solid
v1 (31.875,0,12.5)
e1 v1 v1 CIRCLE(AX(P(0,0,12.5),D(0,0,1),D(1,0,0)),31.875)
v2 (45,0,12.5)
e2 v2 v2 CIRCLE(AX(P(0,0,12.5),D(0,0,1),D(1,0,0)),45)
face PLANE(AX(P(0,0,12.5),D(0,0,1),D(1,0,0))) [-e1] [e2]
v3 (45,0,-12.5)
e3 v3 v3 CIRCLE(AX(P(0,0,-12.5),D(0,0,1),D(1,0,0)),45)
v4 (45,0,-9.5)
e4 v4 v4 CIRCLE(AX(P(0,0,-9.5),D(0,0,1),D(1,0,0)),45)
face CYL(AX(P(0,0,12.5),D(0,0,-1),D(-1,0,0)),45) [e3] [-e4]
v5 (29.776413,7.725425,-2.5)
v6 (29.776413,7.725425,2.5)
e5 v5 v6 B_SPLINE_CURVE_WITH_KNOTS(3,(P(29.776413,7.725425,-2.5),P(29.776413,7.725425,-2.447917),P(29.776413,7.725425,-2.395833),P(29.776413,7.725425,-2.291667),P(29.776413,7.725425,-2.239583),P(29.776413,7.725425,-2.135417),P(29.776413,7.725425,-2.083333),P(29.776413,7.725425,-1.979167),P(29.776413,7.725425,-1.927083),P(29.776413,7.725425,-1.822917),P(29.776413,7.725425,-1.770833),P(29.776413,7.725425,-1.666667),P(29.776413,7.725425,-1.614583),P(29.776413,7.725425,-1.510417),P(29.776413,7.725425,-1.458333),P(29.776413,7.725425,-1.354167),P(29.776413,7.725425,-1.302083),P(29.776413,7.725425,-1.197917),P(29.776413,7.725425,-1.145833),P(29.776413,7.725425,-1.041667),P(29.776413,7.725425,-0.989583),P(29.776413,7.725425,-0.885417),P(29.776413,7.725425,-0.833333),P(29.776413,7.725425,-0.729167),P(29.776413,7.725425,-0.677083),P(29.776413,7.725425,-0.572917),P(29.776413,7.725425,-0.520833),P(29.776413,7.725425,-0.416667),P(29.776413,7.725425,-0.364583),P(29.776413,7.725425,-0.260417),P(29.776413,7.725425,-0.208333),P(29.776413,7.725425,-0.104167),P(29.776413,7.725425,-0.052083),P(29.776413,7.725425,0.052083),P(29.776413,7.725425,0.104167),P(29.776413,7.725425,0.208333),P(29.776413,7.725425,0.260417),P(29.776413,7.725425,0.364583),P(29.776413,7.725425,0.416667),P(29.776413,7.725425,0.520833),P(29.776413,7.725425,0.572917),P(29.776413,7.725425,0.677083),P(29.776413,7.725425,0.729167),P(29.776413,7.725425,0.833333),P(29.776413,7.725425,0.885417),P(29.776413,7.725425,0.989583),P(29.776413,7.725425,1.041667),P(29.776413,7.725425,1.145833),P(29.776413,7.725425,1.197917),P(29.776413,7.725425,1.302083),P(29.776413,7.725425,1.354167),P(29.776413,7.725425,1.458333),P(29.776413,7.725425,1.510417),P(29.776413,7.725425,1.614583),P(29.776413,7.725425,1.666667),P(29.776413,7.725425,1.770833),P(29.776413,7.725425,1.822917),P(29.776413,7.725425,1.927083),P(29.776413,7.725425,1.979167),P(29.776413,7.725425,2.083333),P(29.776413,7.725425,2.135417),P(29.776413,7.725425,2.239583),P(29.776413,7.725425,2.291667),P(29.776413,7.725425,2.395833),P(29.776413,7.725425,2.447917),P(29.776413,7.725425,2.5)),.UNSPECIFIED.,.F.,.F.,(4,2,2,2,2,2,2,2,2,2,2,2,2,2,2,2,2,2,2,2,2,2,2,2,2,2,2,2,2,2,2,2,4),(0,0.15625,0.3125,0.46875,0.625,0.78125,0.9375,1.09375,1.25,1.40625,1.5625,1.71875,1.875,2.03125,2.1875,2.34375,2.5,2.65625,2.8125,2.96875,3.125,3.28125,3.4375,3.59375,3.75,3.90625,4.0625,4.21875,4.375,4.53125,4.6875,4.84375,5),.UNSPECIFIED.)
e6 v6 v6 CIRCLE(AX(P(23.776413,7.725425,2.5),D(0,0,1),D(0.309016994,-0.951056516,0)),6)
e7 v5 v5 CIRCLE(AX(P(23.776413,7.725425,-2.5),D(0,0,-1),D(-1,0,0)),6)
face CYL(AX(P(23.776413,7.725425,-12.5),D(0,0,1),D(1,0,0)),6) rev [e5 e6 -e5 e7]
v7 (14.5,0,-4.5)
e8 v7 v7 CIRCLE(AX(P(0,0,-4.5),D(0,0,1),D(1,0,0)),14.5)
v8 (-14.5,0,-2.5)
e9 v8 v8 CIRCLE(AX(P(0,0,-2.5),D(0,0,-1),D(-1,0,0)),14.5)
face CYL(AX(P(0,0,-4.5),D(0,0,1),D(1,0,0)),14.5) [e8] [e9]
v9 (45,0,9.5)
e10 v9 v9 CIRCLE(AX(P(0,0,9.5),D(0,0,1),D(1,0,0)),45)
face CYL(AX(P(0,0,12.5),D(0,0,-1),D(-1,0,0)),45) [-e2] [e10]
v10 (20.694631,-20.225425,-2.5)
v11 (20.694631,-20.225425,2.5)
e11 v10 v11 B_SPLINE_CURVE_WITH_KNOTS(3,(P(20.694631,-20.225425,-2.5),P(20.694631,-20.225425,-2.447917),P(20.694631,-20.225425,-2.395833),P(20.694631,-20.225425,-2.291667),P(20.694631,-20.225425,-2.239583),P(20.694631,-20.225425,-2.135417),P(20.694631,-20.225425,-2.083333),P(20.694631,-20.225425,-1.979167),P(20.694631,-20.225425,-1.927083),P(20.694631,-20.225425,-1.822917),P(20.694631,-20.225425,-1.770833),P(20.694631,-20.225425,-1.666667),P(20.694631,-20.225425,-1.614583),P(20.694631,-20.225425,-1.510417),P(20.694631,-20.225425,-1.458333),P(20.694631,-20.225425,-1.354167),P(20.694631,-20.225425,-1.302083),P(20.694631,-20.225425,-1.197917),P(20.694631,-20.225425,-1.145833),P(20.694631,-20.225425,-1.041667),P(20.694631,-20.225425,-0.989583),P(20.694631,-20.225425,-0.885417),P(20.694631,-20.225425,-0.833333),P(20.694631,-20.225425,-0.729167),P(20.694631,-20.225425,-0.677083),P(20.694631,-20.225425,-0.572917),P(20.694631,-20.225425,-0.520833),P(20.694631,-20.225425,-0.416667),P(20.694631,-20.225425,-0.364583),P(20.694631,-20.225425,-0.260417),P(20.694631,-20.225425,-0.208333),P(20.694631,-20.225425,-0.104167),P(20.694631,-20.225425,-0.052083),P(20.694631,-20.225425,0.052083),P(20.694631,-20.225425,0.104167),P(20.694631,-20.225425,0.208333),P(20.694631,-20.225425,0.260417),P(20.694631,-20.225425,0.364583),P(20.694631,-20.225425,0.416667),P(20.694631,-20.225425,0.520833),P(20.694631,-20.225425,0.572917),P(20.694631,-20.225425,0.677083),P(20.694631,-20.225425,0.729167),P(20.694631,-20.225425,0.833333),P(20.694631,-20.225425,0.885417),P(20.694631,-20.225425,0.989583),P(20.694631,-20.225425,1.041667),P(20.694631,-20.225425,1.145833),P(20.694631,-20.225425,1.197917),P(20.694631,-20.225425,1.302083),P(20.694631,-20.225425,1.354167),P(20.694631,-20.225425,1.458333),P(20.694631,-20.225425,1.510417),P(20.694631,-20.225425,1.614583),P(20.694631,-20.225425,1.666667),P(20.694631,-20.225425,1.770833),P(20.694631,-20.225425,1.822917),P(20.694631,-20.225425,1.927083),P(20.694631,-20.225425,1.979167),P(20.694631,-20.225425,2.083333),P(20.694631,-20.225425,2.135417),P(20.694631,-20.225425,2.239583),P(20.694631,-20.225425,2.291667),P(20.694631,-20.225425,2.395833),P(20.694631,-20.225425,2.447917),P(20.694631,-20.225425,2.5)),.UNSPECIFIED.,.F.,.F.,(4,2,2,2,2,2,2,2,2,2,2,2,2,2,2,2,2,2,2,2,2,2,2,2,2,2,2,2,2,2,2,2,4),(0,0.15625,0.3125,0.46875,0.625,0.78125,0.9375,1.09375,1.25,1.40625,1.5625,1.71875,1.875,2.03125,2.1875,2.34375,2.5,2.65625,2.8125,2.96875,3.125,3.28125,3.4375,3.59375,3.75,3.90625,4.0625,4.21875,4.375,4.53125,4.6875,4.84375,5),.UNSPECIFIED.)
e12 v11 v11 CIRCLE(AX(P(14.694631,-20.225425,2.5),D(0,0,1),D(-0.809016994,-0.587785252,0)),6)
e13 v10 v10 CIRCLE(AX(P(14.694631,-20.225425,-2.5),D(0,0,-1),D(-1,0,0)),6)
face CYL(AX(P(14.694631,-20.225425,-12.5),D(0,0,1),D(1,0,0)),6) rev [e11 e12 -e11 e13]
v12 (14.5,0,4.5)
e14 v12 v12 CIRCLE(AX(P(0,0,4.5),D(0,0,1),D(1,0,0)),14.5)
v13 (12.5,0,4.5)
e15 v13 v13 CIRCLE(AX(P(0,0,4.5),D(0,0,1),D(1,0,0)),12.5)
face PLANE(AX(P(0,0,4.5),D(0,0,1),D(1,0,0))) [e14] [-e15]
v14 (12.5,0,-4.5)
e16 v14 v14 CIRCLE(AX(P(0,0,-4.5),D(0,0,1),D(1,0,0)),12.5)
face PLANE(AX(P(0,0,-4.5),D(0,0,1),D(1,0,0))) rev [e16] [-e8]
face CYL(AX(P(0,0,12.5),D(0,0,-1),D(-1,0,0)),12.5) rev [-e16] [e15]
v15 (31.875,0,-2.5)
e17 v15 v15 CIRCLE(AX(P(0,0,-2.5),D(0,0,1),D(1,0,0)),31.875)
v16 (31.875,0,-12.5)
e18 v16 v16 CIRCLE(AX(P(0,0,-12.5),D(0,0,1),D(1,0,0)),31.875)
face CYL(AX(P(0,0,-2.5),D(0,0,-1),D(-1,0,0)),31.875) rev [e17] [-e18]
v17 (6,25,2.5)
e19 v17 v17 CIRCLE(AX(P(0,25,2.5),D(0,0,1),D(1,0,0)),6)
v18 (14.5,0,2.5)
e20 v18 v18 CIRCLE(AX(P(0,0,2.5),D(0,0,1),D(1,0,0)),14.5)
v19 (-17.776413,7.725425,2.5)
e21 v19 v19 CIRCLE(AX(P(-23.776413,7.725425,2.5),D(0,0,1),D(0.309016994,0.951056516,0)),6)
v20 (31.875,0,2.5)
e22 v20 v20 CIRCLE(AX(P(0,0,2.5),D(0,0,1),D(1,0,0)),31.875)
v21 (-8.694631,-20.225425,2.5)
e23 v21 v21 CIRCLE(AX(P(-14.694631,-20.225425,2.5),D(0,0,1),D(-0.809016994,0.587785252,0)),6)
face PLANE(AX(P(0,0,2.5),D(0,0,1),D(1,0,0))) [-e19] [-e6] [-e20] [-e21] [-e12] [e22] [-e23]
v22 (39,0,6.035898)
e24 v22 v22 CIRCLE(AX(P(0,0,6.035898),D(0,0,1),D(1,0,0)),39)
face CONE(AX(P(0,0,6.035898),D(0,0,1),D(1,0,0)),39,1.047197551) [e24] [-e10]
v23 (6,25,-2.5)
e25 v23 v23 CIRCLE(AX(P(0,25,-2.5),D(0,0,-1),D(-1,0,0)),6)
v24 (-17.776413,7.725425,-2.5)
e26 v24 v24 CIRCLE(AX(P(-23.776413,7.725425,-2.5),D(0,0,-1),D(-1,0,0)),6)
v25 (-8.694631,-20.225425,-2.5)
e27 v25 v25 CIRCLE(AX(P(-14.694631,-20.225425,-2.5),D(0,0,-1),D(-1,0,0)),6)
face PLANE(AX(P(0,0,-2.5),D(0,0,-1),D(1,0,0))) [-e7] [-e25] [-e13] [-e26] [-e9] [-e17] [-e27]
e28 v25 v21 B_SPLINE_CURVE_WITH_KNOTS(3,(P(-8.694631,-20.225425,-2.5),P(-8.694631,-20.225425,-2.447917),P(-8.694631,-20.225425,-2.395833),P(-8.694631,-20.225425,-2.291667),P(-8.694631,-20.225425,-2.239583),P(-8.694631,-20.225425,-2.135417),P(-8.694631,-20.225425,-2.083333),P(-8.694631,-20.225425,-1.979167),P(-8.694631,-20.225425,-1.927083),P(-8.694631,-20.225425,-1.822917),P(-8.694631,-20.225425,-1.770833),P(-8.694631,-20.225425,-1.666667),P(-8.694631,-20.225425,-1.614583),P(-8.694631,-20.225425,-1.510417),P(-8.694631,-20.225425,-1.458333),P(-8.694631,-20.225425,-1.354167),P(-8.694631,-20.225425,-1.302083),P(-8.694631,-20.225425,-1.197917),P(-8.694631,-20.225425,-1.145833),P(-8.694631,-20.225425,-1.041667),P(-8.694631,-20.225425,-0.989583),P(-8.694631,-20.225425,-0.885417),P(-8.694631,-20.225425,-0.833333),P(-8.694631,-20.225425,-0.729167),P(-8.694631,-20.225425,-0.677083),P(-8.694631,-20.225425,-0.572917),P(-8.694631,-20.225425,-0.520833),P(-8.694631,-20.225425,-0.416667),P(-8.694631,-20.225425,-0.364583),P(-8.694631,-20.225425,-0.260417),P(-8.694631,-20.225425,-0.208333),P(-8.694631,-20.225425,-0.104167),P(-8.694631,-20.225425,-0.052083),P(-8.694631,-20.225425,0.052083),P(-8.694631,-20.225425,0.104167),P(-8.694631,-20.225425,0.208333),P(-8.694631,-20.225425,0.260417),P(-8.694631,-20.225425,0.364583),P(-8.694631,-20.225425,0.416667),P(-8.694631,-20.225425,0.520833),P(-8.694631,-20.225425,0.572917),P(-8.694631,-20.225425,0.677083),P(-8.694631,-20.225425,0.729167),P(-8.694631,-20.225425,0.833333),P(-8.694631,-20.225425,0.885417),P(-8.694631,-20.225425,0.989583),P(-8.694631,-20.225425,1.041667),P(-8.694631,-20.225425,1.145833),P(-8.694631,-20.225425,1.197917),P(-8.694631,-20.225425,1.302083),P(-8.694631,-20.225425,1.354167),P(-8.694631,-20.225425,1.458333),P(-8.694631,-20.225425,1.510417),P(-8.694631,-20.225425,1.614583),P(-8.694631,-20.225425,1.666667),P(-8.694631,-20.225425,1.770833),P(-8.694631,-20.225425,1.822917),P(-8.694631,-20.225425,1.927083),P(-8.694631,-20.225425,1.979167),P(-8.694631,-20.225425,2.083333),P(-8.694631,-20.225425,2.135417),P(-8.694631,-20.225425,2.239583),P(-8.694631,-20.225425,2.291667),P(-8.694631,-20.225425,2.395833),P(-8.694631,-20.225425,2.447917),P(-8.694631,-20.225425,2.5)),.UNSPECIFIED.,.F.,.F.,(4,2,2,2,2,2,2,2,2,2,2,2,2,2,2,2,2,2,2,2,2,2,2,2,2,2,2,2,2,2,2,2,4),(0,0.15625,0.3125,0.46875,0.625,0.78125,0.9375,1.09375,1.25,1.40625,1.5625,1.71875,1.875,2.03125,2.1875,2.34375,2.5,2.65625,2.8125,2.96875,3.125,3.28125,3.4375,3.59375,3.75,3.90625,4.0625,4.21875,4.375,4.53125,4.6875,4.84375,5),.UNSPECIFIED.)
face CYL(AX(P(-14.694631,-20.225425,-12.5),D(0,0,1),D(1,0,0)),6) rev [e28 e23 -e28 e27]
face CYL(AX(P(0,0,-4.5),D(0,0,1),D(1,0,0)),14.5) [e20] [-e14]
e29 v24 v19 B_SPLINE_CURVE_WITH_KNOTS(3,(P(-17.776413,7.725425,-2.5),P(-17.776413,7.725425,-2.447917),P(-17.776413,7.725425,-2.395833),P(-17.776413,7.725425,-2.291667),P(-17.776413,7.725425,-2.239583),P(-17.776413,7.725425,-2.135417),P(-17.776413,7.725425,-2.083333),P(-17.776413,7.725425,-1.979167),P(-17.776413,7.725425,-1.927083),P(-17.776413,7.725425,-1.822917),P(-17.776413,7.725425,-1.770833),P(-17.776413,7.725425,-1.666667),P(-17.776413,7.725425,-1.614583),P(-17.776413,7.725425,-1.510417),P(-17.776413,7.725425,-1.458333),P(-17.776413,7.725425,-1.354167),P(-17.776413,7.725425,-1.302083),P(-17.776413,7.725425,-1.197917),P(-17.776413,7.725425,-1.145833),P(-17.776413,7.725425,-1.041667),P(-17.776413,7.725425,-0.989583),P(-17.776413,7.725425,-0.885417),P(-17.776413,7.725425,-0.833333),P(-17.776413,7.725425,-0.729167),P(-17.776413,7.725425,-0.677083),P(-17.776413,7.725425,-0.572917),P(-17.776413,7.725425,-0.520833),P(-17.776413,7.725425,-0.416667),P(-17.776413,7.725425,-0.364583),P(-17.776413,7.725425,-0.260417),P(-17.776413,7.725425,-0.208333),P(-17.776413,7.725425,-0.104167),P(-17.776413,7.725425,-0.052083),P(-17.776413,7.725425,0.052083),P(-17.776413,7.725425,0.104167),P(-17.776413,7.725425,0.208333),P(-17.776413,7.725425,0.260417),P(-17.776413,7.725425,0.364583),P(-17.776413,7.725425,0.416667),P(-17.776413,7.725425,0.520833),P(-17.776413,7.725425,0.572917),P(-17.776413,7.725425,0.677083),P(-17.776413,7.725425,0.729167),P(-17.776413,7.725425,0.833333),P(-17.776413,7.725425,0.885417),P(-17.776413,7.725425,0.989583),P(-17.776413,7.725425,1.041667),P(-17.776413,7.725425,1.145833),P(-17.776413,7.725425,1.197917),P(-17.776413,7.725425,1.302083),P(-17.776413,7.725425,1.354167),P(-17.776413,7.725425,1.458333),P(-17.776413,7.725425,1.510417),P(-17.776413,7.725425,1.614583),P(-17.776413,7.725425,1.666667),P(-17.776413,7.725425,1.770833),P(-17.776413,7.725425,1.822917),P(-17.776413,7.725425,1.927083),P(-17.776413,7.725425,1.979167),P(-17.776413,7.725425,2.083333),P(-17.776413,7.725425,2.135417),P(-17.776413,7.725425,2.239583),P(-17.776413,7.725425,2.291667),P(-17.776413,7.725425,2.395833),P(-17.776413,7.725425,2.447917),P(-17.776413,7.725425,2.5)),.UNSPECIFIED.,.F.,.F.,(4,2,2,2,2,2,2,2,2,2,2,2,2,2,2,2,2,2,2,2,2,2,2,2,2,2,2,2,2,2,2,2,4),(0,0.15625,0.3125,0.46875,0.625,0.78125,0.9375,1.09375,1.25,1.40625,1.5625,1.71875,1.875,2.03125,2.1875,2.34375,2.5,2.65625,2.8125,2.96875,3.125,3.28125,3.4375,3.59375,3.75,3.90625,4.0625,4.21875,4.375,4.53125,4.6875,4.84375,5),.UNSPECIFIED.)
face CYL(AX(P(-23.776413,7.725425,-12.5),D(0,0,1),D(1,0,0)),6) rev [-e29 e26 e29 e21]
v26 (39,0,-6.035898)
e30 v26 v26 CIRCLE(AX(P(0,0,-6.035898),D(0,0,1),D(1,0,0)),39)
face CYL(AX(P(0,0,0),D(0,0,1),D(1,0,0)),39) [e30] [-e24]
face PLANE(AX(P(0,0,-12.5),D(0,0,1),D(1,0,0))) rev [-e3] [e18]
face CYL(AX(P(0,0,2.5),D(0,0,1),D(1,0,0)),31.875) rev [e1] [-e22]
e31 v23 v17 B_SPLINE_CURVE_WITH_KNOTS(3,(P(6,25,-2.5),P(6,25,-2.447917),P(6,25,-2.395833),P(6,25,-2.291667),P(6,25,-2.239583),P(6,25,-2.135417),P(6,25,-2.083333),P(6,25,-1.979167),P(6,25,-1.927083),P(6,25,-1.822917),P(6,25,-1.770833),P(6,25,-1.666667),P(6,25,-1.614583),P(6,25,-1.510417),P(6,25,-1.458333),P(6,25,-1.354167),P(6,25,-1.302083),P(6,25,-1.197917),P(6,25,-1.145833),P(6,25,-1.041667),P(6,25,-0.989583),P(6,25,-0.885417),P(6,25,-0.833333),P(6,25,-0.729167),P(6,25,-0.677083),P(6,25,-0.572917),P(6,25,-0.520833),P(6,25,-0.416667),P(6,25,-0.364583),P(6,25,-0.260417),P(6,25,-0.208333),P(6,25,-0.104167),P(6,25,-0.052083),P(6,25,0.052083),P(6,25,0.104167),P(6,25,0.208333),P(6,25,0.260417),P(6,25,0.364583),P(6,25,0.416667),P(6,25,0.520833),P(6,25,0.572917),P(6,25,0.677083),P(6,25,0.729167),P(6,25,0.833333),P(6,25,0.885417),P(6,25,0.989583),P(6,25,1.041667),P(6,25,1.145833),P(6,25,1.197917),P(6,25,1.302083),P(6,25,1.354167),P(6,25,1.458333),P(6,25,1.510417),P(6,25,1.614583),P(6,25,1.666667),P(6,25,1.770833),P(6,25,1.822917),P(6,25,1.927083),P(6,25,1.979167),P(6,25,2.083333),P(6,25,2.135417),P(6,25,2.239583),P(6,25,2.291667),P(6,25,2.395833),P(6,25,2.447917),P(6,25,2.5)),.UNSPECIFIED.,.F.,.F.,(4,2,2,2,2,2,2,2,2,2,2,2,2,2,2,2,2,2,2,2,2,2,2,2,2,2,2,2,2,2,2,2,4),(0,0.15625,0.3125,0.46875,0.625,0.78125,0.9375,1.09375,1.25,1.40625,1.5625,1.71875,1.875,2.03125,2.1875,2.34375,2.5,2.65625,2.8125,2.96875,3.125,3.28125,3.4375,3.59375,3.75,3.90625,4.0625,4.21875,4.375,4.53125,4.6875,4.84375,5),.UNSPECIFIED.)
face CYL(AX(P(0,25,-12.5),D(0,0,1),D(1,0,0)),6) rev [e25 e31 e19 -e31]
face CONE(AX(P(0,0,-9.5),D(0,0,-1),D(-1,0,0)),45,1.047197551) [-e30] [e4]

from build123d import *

# Parameters (mm, degrees)
SKETCH1_R                = 45
SKETCH1_R_2              = 12.5
BOSS_EXTRUDE1_DEPTH      = 12.5
SKETCH2_R                = 31.875
CUT_EXTRUDE1_DEPTH       = 10
SKETCH3_R                = 6
CUT_EXTRUDE2_DEPTH       = 66.383484153
CIRPATTERN1_COUNT        = 5
BOSS_EXTRUDE2_DEPTH      = 2
BOSS_EXTRUDE2_DEPTH_BACK = 7
SKETCH4_R                = 14.5
SKETCH4_R_2              = 12.5


with BuildPart() as part:
    # Sketch1 → Boss-Extrude1 (new, symmetric)
    with BuildSketch(Plane.XY):
        Circle(SKETCH1_R)
        Circle(SKETCH1_R_2, mode=Mode.SUBTRACT)
    extrude(amount=BOSS_EXTRUDE1_DEPTH, both=True)

    # Sketch2 → Cut-Extrude1 (cut)
    with BuildSketch(Plane.XY.offset(12.5)):
        Circle(SKETCH2_R)
    cut_extrude1 = extrude(amount=-CUT_EXTRUDE1_DEPTH, mode=Mode.SUBTRACT)

    # Mirror1: Cut-Extrude1 across plane
    add(cut_extrude1.mirror(Plane.XY), mode=Mode.SUBTRACT)

    # Sketch3 → Cut-Extrude2 (cut, through all)
    with BuildSketch(Plane.XY.offset(2.5)):
        with Locations((0, 25)):
            Circle(SKETCH3_R)
    cut_extrude2 = extrude(amount=-CUT_EXTRUDE2_DEPTH, mode=Mode.SUBTRACT)

    # CirPattern1: Cut-Extrude2 ×5 about axis
    cirpattern1_axis = Axis((0, 0, 0), (0, 0, 1))
    for i in range(1, CIRPATTERN1_COUNT):
        add(cut_extrude2.rotate(cirpattern1_axis, i * 360 / CIRPATTERN1_COUNT), mode=Mode.SUBTRACT)

    # Sketch4 → Boss-Extrude2 (add, two sides: drawn at the far end of the back side and taken through both)
    with BuildSketch(Plane.XY.offset(2.5).offset(-BOSS_EXTRUDE2_DEPTH_BACK)):
        Circle(SKETCH4_R)
        Circle(SKETCH4_R_2, mode=Mode.SUBTRACT)
    extrude(amount=BOSS_EXTRUDE2_DEPTH + BOSS_EXTRUDE2_DEPTH_BACK)

    # Sketch5 → Cut-Revolve1 (revolve, cut)
    with BuildSketch(Plane(origin=(0, 0, 0), x_dir=(1, 0, 0), z_dir=(0, 1, 0))):
        Polygon((45, 9.5), (39, 6.035898385), (39, -6.035898385), (45, -9.5), align=None)
    revolve(axis=Axis((0, 0, 0), (0, 0, -1)), mode=Mode.SUBTRACT)


solid = part.part
